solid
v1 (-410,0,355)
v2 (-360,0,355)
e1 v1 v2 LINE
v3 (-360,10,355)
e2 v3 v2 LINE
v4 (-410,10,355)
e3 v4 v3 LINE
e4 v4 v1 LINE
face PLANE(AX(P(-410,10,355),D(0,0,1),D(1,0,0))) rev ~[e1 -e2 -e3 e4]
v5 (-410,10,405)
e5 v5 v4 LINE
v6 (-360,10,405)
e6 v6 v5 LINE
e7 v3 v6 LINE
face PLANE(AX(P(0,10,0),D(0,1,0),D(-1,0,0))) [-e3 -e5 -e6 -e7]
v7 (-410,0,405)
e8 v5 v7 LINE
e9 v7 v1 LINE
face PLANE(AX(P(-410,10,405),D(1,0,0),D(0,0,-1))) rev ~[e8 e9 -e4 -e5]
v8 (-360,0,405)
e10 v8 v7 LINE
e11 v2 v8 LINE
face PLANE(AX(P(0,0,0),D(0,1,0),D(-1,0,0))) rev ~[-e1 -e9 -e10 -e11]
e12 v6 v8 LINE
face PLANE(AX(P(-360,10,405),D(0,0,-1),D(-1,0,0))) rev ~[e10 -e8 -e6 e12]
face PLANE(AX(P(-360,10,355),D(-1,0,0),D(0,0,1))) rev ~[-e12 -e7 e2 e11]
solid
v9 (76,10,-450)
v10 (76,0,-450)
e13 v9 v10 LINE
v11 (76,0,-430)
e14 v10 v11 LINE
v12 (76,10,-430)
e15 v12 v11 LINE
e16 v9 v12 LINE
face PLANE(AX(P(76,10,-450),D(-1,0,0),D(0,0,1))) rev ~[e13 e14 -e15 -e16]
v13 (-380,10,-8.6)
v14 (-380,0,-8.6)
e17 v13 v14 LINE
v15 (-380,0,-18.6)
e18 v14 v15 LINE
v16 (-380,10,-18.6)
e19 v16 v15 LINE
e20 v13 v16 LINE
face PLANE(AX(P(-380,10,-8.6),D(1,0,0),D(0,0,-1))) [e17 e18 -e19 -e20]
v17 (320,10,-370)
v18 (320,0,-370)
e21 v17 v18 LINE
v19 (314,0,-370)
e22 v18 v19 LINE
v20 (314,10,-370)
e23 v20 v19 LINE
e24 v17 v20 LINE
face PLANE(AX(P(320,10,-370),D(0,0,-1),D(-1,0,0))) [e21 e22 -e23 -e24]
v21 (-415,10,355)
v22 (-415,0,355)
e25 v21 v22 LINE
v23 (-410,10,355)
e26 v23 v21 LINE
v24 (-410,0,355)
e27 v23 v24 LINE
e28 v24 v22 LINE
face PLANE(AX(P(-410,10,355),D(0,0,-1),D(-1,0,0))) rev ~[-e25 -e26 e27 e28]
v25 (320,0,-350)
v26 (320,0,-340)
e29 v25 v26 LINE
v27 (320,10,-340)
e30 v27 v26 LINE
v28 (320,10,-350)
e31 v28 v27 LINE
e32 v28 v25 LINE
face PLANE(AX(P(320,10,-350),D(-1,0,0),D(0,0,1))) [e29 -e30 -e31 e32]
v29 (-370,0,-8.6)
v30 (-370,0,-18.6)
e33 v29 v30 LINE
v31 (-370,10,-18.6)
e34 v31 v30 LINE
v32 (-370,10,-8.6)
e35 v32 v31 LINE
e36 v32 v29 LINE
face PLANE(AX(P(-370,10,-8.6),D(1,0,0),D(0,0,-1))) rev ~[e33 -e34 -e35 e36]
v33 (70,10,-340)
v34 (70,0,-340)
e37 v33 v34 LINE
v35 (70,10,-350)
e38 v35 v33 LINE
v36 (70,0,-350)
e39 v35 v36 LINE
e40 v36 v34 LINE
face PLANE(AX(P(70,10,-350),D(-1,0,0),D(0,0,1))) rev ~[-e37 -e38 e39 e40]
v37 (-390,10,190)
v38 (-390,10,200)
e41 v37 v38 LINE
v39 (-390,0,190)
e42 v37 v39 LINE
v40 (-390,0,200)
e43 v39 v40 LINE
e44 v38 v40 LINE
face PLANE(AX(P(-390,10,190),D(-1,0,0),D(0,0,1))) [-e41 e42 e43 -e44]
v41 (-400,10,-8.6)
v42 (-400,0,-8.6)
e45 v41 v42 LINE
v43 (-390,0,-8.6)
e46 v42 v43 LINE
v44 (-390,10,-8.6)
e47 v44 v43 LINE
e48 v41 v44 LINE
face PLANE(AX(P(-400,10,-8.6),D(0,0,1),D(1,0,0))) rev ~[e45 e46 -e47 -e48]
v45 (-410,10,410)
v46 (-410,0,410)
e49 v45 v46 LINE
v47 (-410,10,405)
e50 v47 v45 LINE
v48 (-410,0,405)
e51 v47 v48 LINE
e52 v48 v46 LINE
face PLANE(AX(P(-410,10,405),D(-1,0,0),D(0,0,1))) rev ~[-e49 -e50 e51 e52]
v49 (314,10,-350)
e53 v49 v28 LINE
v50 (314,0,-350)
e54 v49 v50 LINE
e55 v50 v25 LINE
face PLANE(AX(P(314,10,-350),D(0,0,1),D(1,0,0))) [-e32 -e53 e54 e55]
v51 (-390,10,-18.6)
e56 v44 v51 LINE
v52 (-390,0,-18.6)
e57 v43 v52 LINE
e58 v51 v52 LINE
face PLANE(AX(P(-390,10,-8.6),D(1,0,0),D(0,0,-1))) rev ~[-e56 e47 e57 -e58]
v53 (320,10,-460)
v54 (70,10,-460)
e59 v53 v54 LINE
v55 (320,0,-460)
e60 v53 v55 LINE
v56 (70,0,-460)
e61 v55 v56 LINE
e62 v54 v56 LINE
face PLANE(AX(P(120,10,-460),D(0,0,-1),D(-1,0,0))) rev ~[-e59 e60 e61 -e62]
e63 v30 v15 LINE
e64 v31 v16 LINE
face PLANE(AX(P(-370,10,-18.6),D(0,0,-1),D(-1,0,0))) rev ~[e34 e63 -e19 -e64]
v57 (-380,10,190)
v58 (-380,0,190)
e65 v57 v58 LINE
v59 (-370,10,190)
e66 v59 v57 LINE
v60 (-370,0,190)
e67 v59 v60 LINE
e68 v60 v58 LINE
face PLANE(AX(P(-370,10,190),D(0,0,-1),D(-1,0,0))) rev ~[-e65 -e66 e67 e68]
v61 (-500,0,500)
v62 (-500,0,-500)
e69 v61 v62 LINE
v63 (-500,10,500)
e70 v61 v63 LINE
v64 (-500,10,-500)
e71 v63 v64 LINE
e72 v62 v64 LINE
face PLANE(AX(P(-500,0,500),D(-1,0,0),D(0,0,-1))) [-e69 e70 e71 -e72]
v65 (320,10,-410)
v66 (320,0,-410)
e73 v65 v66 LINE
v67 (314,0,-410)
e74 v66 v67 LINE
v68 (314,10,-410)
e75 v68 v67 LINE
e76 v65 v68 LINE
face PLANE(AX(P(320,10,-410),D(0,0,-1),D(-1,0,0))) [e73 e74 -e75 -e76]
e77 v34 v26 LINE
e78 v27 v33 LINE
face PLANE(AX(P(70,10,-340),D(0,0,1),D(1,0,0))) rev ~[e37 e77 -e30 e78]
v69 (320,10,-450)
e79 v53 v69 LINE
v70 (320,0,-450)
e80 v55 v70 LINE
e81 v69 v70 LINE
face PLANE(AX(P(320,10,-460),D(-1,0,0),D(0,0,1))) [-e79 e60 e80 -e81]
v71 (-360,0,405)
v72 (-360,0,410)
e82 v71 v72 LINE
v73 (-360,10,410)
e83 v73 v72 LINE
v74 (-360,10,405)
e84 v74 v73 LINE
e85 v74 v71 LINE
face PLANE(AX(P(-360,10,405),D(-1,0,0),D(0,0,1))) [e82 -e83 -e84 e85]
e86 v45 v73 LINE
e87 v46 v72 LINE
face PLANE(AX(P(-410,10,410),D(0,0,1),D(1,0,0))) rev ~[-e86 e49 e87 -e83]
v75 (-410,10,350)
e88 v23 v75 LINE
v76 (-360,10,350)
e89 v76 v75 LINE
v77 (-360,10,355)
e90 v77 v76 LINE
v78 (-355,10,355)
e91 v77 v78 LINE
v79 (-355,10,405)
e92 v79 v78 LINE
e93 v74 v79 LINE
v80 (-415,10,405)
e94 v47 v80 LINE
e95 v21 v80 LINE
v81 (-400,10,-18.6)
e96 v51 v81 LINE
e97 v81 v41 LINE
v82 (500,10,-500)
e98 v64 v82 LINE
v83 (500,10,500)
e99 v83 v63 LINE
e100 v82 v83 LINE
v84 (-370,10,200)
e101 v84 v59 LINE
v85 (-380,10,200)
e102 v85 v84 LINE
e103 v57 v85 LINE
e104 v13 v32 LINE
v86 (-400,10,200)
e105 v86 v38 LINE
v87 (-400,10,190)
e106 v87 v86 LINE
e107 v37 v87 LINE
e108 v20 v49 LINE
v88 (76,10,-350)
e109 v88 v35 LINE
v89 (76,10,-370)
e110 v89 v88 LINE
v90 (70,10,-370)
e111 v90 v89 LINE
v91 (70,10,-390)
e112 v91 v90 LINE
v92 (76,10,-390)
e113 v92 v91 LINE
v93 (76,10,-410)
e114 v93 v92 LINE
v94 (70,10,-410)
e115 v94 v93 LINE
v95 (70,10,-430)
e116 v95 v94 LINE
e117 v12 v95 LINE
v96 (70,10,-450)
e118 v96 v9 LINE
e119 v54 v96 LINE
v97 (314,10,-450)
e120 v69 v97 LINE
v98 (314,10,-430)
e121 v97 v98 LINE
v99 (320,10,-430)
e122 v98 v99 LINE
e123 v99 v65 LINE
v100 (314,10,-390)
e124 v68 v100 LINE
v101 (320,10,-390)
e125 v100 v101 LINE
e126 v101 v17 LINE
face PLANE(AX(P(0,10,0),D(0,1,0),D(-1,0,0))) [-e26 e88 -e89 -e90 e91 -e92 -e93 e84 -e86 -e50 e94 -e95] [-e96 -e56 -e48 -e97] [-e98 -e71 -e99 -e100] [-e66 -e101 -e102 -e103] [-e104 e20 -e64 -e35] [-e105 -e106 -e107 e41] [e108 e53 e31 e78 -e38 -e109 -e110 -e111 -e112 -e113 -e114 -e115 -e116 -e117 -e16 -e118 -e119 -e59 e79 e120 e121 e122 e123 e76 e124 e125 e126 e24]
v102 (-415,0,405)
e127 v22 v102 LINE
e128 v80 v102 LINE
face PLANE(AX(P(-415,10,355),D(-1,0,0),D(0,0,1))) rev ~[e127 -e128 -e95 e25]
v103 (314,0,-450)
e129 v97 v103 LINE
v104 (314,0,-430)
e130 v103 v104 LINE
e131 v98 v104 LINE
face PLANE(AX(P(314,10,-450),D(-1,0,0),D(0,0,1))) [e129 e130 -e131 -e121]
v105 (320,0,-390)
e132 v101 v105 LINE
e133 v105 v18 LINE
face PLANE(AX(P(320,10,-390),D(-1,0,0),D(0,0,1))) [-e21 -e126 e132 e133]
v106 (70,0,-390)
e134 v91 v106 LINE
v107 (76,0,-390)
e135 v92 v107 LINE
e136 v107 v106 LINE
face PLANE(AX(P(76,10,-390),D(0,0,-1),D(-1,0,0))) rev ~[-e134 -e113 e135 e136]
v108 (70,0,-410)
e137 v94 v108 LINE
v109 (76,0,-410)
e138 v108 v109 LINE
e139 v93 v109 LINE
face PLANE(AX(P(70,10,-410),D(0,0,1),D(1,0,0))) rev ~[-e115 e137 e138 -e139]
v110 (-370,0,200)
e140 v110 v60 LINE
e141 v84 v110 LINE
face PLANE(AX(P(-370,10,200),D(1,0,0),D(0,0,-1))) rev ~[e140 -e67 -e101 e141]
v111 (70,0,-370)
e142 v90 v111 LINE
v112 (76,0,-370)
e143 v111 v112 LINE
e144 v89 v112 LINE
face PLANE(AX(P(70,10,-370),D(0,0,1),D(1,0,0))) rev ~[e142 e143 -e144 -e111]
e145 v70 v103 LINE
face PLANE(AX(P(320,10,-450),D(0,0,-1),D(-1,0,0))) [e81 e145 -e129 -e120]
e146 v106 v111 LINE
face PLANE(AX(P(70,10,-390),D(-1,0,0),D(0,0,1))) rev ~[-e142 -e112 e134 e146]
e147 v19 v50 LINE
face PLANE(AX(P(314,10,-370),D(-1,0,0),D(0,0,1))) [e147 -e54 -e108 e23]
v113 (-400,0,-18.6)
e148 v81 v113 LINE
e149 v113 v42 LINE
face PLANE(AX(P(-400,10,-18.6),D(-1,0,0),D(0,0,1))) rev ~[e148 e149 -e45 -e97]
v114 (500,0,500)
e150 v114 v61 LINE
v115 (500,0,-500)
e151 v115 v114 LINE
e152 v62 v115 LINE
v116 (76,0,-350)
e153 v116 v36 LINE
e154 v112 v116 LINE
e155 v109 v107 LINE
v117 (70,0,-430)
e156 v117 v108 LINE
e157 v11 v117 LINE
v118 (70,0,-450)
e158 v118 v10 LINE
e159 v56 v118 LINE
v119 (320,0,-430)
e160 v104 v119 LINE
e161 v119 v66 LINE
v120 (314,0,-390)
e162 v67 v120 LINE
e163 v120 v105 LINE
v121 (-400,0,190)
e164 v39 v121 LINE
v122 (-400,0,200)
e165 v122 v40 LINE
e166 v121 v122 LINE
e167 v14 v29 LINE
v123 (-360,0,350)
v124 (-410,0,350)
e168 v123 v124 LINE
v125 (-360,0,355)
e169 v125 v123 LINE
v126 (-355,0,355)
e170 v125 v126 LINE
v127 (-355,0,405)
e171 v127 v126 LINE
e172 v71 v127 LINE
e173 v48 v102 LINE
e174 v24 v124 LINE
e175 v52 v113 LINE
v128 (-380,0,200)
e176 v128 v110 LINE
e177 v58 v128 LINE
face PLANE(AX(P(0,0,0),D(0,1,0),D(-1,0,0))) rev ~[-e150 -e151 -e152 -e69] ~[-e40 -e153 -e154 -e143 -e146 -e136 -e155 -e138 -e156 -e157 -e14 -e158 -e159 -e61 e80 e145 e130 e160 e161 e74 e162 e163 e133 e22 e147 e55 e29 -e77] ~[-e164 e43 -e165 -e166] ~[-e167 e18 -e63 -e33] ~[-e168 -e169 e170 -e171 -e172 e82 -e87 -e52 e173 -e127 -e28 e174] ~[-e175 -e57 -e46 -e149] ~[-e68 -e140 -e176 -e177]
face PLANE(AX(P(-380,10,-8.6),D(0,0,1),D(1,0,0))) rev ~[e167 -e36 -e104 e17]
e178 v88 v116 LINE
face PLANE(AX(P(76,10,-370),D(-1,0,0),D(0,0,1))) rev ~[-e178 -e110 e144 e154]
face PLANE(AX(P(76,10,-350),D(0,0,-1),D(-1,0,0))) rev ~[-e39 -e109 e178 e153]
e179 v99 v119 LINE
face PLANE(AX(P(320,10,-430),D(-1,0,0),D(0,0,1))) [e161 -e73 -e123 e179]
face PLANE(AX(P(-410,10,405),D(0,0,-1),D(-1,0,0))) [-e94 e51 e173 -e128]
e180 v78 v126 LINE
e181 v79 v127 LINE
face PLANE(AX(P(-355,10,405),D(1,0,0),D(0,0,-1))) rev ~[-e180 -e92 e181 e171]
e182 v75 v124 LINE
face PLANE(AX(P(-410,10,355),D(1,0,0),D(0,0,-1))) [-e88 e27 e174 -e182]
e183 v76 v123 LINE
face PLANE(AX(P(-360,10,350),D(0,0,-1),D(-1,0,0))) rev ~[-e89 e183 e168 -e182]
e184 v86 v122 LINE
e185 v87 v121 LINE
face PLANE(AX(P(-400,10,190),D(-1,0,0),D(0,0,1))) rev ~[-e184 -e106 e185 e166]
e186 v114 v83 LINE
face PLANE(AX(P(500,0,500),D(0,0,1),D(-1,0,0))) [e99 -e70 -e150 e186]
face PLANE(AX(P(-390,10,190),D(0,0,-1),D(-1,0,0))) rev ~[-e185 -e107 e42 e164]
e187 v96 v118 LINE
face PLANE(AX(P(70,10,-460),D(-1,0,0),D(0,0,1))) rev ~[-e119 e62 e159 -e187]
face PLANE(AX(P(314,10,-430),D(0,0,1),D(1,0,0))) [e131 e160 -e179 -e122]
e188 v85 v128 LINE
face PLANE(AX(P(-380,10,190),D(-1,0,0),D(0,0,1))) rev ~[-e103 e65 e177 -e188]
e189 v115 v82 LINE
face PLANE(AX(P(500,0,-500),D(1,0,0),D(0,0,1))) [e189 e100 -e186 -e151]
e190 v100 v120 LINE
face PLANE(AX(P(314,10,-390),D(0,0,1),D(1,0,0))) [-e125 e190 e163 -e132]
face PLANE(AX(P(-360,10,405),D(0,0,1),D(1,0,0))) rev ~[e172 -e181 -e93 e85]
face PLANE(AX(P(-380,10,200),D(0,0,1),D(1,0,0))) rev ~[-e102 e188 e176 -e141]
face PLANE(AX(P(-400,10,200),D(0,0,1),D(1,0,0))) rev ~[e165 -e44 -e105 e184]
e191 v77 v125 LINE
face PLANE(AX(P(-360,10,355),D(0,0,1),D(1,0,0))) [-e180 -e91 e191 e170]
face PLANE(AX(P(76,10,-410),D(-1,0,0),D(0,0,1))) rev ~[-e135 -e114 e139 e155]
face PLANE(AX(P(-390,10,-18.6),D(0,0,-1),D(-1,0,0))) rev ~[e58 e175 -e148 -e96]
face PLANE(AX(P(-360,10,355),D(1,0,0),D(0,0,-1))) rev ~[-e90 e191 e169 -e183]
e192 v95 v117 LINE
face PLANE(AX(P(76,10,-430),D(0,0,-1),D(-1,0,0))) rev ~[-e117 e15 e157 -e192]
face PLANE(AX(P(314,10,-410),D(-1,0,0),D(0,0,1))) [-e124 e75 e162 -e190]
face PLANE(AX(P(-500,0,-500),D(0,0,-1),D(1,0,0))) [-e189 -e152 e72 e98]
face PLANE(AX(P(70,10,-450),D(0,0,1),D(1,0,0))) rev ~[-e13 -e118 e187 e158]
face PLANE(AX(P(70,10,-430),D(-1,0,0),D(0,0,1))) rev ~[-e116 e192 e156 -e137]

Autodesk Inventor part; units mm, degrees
ref_plane "YZ Plane" through (0, 0, 0) normal (1, 0, 0) x (0, 1, 0)
ref_plane "XZ Plane" through (0, 0, 0) normal (0, 1, 0) x (-1, 0, 0)
ref_plane "XY Plane" through (0, 0, 0) normal (0, 0, 1) x (1, 0, 0)
sketch "Sketch1" plane through (0, 0, 0) normal (0, 1, 0) x (-1, 0, 0)
  line L0 (-500, 500) -> (500, 500)
  line L1 (500, 500) -> (500, -500)
  line L2 (500, -500) -> (-500, -500)
  line L3 (-500, -500) -> (-500, 500)
  line L4 (-500, 500) -> (500, -500) construction
  line L5 (500, 500) -> (-500, -500) construction
  point P0 (0, 0)
  dimension "d0" = 1000
  dimension "d1" = 1000
extrude "Extrusion1" add sketch "Sketch1" along normal blind 10
sketch "Sketch2" plane through (0, 10, 0) normal (0, 1, 0) x (1, 0, 0)
  line L0 (-400, -200) -> (-370, -200)
  line L1 (-370, -200) -> (-370, -190)
  line L2 (-370, -190) -> (-400, -190)
  line L3 (-400, -190) -> (-400, -200)
  line L4 (-500, 500) -> (-500, -500) projected
  line L5 (-500, -500) -> (500, -500) projected
  line L6 (-390, -190) -> (-390, -200)
  line L7 (-380, -190) -> (-380, -200)
  point P0 (0, 0)
  point P1 (-400, -195)
  point P2 (-390, -195)
  point P3 (-380, -195)
  dimension "d5" = 30
  dimension "d6" = 10
  dimension "d7" = 100
  dimension "d8" = 300
  dimension "d9" = 10
  dimension "d10" = 10
extrude "Extrusion2" cut sketch "Sketch2" against normal blind 10 contours L3 L2 L6 L0 | L7 L2 L1 L0
sketch "Sketch3" plane through (0, 10, 0) normal (0, 1, 0) x (1, 0, 0)
  line L0 (-400, -190) -> (-390, -190) projected
  line L1 (-400, -200) -> (-400, -190) projected
  line L2 (-390, -190) -> (-390, -200) projected
  line L3 (-390, -200) -> (-400, -200) projected
  line L4 (-380, -200) -> (-380, -190) projected
  line L5 (-380, -190) -> (-370, -190) projected
  line L6 (-370, -190) -> (-370, -200) projected
  line L7 (-370, -200) -> (-380, -200) projected
  line L8 (-400, 8.6) -> (-370, 8.6)
  line L9 (-370, 8.6) -> (-370, 18.6)
  line L10 (-370, 18.6) -> (-400, 18.6)
  line L11 (-400, 18.6) -> (-400, 8.6)
  line L12 (-380, 8.6) -> (-380, 18.6)
  line L13 (-390, 8.6) -> (-390, 18.6)
  point P0 (0, 0)
  point P1 (-380, 13.6)
  point P2 (-375, -190)
  dimension "d13" = 30
  dimension "d14" = 10
  dimension "d15" = 10
  dimension "d16" = 10
  dimension "d17" = 198.6
  dimension "d18" = 10
extrude "Extrusion3" cut sketch "Sketch3" against normal blind 10 contours L11 L10 L13 L8 | L12 L10 L9 L8
sketch "Sketch4" plane through (0, 10, 0) normal (0, 1, 0) x (1, 0, 0)
  line L0 (-405, -400) -> (-365, -400)
  line L1 (-365, -400) -> (-365, -360)
  line L2 (-365, -360) -> (-405, -360)
  line L3 (-405, -360) -> (-405, -400)
  line L4 (-405, -400) -> (-365, -360) construction
  line L5 (-365, -400) -> (-405, -360) construction
  line L6 (-500, 500) -> (-500, -500) projected
  line L7 (-500, -500) -> (500, -500) projected
  line L8 (-410, -355) -> (-360, -355)
  line L9 (-360, -355) -> (-360, -405)
  line L10 (-360, -405) -> (-410, -405)
  line L11 (-410, -405) -> (-410, -355)
  line L12 (-355, -350) -> (-415, -350)
  line L13 (-415, -350) -> (-415, -410)
  line L14 (-415, -410) -> (-355, -410)
  line L15 (-355, -410) -> (-355, -350)
  line L16 (-410, -355) -> (-415, -355)
  line L17 (-410, -355) -> (-410, -350)
  line L18 (-360, -355) -> (-360, -350)
  line L19 (-360, -355) -> (-355, -355)
  line L20 (-410, -405) -> (-410, -410)
  line L21 (-410, -405) -> (-415, -405)
  line L22 (-360, -405) -> (-360, -410)
  line L23 (-360, -405) -> (-355, -405)
  point P0 (0, 0)
  point P1 (-385, -380)
  point P2 (-405, -380)
  dimension "d21" = 40
  dimension "d22" = 40
  dimension "d23" = 95
  dimension "d24" = 100
  dimension "d25" = 5
  dimension "d26" = 5
extrude "Extrusion4" cut sketch "Sketch4" against normal blind 10 contours L17 L12 L18 L8 | L11 L21 L13 L16 | L19 L15 L23 L9 | L10 L22 L14 L20
sketch "Sketch5" plane through (0, 10, 0) normal (0, 1, 0) x (1, 0, 0)
  line L0 (120, 340) -> (120, 460)
  circle A0 centre (200, 400) radius 50
  line L1 (120, 340) -> (270, 340)
  line L2 (270, 460) -> (120, 460)
  line L3 (120, 460) -> (120, 450)
  line L4 (120, 450) -> (126, 450)
  line L5 (126, 450) -> (126, 430)
  line L6 (126, 430) -> (120, 430)
  line L7 (120, 430) -> (120, 410)
  line L8 (120, 410) -> (126, 410)
  line L9 (126, 410) -> (126, 390)
  line L10 (126, 390) -> (120, 390)
  line L11 (120, 390) -> (120, 370)
  line L12 (120, 370) -> (126, 370)
  line L13 (126, 370) -> (126, 350)
  line L14 (126, 350) -> (120, 350)
  line L15 (120, 460) -> (70, 460)
  line L16 (70, 460) -> (70, 450)
  line L17 (70, 450) -> (76, 450)
  line L18 (76, 450) -> (76, 430)
  line L19 (76, 430) -> (70, 430)
  line L20 (70, 430) -> (70, 410)
  line L21 (70, 410) -> (76, 410)
  line L22 (76, 410) -> (76, 390)
  line L23 (76, 390) -> (70, 390)
  line L24 (70, 390) -> (70, 370)
  line L25 (70, 370) -> (76, 370)
  line L26 (76, 370) -> (76, 350)
  line L27 (76, 350) -> (70, 350)
  line L28 (70, 350) -> (70, 340)
  line L29 (70, 340) -> (120, 340)
  line L30 (272.052, 455.4405) -> (266.0681, 455)
  line L31 (266.0681, 455) -> (267.5363, 435.054)
  line L32 (270, 460) -> (320, 460)
  line L33 (320, 460) -> (320, 450)
  line L34 (320, 450) -> (314, 450)
  line L35 (314, 450) -> (314, 430)
  line L36 (314, 430) -> (320, 430)
  line L37 (320, 430) -> (320, 410)
  line L38 (320, 410) -> (314, 410)
  line L39 (314, 410) -> (314, 390)
  line L40 (314, 390) -> (320, 390)
  line L41 (320, 390) -> (320, 370)
  line L42 (320, 370) -> (314, 370)
  line L43 (314, 370) -> (314, 350)
  line L44 (314, 350) -> (320, 350)
  line L45 (320, 350) -> (320, 340)
  line L46 (320, 340) -> (270, 340)
  line L47 (270, 460) -> (270, 340)
  line L48 (267.5363, 435.054) -> (270, 435.054)
  line L49 (270, 435.054) -> (270, 430.054)
  line L50 (270, 430.054) -> (266.0681, 430.054)
  line L51 (266.0681, 430.054) -> (266.0681, 410.054)
  line L52 (266.0681, 410.054) -> (270, 410.054)
  line L53 (120, 460) -> (120, 466)
  line L54 (272.0681, 465) -> (270, 460)
  line L55 (120, 466) -> (130, 466)
  line L56 (130, 466) -> (130, 460)
  line L57 (130, 460) -> (150, 460)
  line L58 (150, 460) -> (150, 466)
  line L59 (150, 466) -> (170, 466)
  line L60 (170, 466) -> (170, 460)
  line L61 (170, 460) -> (190, 460)
  line L62 (190, 460) -> (190, 466)
  line L63 (190, 466) -> (210, 466)
  line L64 (210, 466) -> (210, 460)
  line L65 (210, 460) -> (230, 460)
  line L66 (230, 460) -> (230, 466)
  line L67 (230, 466) -> (250, 466)
  line L68 (250, 466) -> (250, 460)
  line L69 (250, 460) -> (260, 460)
  line L70 (260, 460) -> (260, 465)
  line L71 (260, 465) -> (272.0681, 465)
  line L72 (500, 500) -> (-500, 500) projected
  line L73 (500, -500) -> (500, 500) projected
  point P0 (0, 0)
  dimension "d29" = 100
  dimension "d30" = 120
  dimension "d31" = 150
  dimension "d32" = 80
  dimension "d33" = 60
  dimension "d34" = 10
  dimension "d35" = 6
  dimension "d36" = 20
  dimension "d37" = 20
  dimension "d38" = 20
  dimension "d39" = 20
  dimension "d40" = 20
  dimension "d41" = 50
  dimension "d42" = 10
  dimension "d43" = 6
  dimension "d44" = 5
  dimension "d45" = 6
  dimension "d46" = 50
  dimension "d47" = 6
  dimension "d48" = 5
  dimension "d49" = 20
  dimension "d50" = 20
  dimension "d51" = 6
  dimension "d52" = 10
  dimension "d53" = 20
  dimension "d54" = 20
  dimension "d55" = 20
  dimension "d56" = 20
  dimension "d57" = 20
  dimension "d58" = 20
  dimension "d59" = 10
  dimension "d60" = 100
  dimension "d61" = 300
extrude "Extrusion5" cut sketch "Sketch5" against normal blind 80 contours L29 L28 L27 L26 L25 L24 L23 L22 L21 L20 L19 L18 L17 L16 L15 L0 | L0 L14 L13 L12 L10 L9 L8 L6 L5 L4 L2 L47 L30 L31 L48 L50 L51 L52 L1 | L0 L12 L13 L14 | L47 L32 L33 L34 L35 L36 L37 L38 L39 L40 L41 L42 L43 L44 L45 L46 | L52 L51 L50 L47 | L0 L8 L9 L10 | L48 L31 L30 L47 | L0 L4 L5 L6 | A0
equation "\"d62\" = d32"
properties part number "Base"
